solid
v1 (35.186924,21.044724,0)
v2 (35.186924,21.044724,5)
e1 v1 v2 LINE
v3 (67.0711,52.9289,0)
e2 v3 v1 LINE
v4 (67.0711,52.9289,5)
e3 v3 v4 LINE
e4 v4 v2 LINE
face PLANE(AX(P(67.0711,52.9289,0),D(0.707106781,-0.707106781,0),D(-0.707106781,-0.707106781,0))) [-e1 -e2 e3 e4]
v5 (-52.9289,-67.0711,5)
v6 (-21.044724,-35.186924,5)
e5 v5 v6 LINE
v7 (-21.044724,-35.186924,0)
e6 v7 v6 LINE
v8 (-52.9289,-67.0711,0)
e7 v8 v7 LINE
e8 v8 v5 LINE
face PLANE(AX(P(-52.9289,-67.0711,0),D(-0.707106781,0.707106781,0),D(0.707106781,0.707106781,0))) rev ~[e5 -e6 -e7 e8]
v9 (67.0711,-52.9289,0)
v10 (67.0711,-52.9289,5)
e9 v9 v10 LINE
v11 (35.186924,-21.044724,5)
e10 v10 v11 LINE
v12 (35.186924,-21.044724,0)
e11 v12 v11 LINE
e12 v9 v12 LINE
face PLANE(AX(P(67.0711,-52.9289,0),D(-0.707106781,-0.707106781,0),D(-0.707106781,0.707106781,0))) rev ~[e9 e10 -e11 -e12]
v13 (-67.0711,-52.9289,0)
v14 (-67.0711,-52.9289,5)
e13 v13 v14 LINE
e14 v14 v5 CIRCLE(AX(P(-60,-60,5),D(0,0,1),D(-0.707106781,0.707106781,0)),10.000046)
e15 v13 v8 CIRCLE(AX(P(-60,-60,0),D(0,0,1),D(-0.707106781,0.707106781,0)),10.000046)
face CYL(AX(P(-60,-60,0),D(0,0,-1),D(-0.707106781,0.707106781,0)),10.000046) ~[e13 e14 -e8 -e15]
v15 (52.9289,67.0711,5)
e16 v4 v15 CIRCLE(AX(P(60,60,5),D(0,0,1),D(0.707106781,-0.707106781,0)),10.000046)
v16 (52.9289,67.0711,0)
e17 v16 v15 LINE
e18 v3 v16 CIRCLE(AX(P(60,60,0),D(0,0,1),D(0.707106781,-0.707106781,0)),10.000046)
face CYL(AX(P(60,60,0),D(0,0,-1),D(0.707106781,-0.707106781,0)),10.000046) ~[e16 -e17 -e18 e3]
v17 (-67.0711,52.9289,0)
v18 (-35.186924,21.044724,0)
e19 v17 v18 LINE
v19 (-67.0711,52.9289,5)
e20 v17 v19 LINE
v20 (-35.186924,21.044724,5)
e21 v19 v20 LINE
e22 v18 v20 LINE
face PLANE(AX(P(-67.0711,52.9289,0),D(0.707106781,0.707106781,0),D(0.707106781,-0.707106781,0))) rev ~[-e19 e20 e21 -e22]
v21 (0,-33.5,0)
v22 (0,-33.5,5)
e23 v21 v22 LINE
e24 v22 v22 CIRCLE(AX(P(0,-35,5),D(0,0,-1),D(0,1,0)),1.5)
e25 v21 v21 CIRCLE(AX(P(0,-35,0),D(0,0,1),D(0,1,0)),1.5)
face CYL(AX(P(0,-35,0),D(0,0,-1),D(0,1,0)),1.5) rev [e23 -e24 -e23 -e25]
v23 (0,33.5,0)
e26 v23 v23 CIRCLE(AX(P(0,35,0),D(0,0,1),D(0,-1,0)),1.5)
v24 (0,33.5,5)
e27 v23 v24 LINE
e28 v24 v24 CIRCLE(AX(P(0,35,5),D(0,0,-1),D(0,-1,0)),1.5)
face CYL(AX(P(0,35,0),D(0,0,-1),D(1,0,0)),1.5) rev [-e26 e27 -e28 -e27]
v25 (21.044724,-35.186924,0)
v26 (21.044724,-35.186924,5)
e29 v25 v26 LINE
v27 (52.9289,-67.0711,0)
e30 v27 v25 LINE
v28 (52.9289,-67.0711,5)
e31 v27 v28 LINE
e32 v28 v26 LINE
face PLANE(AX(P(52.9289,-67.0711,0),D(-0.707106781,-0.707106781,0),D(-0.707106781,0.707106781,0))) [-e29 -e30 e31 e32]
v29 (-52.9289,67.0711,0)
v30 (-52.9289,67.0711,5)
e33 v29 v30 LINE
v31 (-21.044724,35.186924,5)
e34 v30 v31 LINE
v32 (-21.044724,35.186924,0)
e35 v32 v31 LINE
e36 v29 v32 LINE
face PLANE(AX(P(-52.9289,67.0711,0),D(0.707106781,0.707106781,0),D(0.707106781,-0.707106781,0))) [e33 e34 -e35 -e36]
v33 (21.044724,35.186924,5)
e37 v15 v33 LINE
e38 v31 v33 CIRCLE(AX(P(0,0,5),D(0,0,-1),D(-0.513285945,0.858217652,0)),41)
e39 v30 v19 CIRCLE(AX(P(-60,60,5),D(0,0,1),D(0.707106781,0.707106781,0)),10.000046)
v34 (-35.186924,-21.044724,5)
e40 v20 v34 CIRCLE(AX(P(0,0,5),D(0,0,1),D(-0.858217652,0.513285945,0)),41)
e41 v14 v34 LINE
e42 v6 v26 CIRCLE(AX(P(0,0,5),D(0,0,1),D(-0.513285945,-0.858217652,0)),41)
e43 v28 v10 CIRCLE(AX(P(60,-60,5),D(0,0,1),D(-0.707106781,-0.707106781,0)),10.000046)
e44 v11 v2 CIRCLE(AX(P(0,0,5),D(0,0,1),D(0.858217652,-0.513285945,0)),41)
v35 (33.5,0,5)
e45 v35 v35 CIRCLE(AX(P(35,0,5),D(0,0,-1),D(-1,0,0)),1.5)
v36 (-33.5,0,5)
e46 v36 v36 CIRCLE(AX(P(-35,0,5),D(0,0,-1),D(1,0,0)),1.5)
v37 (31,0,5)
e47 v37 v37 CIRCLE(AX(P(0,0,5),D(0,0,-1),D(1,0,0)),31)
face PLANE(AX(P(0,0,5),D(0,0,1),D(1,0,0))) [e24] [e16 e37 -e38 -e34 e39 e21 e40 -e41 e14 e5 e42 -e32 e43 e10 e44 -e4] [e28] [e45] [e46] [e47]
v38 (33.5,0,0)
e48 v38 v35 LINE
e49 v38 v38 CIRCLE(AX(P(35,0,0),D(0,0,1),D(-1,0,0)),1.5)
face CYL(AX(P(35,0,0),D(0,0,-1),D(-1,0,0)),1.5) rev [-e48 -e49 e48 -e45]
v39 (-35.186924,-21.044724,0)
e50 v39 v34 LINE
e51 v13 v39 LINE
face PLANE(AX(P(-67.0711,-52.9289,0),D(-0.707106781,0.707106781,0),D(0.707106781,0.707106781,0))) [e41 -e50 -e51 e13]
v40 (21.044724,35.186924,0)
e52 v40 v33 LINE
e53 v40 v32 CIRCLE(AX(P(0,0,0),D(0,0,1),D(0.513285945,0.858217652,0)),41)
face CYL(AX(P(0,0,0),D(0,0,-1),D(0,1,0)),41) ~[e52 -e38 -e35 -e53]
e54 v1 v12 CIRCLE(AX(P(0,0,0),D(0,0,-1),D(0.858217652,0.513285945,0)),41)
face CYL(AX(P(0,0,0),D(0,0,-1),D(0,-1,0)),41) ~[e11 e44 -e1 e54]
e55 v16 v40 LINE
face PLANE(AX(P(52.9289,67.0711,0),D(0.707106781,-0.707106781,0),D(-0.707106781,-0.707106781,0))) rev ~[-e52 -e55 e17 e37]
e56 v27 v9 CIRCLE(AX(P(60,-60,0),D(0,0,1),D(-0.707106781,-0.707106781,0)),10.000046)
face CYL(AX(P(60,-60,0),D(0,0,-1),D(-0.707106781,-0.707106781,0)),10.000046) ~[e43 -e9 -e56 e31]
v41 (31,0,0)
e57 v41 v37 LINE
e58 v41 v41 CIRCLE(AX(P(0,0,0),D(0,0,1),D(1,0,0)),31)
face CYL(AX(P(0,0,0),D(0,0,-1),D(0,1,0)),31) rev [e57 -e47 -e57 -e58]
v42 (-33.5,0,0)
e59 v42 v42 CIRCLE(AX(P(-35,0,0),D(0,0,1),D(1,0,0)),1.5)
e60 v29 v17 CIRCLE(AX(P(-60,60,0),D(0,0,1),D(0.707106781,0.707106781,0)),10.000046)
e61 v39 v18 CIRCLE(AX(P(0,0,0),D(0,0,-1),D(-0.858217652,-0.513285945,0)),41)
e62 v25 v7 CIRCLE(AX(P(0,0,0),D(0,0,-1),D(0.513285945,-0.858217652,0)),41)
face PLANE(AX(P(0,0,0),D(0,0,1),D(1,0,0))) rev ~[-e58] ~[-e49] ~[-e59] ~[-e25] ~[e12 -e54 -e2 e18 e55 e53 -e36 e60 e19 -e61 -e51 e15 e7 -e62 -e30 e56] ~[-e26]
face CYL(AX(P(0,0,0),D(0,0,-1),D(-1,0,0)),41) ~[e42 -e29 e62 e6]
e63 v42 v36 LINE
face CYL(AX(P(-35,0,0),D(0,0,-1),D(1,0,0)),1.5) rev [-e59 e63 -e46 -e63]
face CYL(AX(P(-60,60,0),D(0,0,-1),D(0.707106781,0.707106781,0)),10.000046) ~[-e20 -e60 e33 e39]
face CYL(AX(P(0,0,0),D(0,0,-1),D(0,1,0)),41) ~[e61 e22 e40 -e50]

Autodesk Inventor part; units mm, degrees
ref_plane "YZ Plane" through (0, 0, 0) normal (1, 0, 0) x (0, 1, 0)
ref_plane "XZ Plane" through (0, 0, 0) normal (0, 1, 0) x (-1, 0, 0)
ref_plane "XY Plane" through (0, 0, 0) normal (0, 0, 1) x (1, 0, 0)
sketch "스케치1" plane through (0, 0, 0) normal (0, 0, 1) x (1, 0, 0)
  arc A0 (-52.9289, 67.0711) -> (-67.0711, 52.9289) centre (-60, 60) ccw
  line L0 (-67.0711, 52.9289) -> (-28.2843, 14.1421)
  line L1 (-52.9289, 67.0711) -> (-14.1421, 28.2843)
  line L2 (-60, 60) -> (0, 0)
  arc A1 (-27.8247, 13.6671) -> (-28.2843, 14.1421) centre (-42.4264, 0) ccw
  line L3 (-89.2706, 0) -> (16.6284, 0) projected
  arc A2 (-14.1421, 28.2843) -> (-13.6671, 27.8247) centre (0, 42.4264) ccw
  line L4 (0, -16.6284) -> (0, 89.2706) projected
  line L5 (-40, 0) -> (-30, 0)
  circle A3 centre (-35, 0) radius 1.5
  circle A4 centre (0, 35) radius 1.5
  arc A5 (0, 31) -> (-31, 0) centre (0, 0) ccw
  arc A6 (0, 41) -> (-41, 0) centre (0, 0) ccw
  point P0 (-22.4264, 0)
  point P1 (0, 22.4264)
  point P2 (-47.1079, 32.9658)
  point P3 (-31.7366, 17.5944)
  point P4 (-32.9658, 47.1079)
  point P5 (-17.5944, 31.7366)
  point P6 (-36.5, 0)
  point P7 (-33.5, 0)
  point P8 (0, 33.5)
  point P9 (0, 36.5)
  point P10 (-21.0448, 35.1869)
  point P11 (-35.1869, 21.0448)
  dimension "d0" = 60
  dimension "d1" = 60
  dimension "d2" = 20
  dimension "d3" = 20
  dimension "d30" = 35
  dimension "d32" = 3
  dimension "d33" = 62
  dimension "d34" = 10
extrude "돌출1" add sketch "스케치1" along normal blind 5 contours L1 A6 L0 A0 | A6 L4 A4 A5 A2 L1 | L1 A2 A5 L2 A6 | A6 L2 A5 A1 L0 | L0 A1 A5 L3 A3 A6
pattern_circular "원형 패턴1" count 4 over 360 about axis through (0, 0, -10) along (0, 0, 1) of "돌출1"
properties part number "Base"
